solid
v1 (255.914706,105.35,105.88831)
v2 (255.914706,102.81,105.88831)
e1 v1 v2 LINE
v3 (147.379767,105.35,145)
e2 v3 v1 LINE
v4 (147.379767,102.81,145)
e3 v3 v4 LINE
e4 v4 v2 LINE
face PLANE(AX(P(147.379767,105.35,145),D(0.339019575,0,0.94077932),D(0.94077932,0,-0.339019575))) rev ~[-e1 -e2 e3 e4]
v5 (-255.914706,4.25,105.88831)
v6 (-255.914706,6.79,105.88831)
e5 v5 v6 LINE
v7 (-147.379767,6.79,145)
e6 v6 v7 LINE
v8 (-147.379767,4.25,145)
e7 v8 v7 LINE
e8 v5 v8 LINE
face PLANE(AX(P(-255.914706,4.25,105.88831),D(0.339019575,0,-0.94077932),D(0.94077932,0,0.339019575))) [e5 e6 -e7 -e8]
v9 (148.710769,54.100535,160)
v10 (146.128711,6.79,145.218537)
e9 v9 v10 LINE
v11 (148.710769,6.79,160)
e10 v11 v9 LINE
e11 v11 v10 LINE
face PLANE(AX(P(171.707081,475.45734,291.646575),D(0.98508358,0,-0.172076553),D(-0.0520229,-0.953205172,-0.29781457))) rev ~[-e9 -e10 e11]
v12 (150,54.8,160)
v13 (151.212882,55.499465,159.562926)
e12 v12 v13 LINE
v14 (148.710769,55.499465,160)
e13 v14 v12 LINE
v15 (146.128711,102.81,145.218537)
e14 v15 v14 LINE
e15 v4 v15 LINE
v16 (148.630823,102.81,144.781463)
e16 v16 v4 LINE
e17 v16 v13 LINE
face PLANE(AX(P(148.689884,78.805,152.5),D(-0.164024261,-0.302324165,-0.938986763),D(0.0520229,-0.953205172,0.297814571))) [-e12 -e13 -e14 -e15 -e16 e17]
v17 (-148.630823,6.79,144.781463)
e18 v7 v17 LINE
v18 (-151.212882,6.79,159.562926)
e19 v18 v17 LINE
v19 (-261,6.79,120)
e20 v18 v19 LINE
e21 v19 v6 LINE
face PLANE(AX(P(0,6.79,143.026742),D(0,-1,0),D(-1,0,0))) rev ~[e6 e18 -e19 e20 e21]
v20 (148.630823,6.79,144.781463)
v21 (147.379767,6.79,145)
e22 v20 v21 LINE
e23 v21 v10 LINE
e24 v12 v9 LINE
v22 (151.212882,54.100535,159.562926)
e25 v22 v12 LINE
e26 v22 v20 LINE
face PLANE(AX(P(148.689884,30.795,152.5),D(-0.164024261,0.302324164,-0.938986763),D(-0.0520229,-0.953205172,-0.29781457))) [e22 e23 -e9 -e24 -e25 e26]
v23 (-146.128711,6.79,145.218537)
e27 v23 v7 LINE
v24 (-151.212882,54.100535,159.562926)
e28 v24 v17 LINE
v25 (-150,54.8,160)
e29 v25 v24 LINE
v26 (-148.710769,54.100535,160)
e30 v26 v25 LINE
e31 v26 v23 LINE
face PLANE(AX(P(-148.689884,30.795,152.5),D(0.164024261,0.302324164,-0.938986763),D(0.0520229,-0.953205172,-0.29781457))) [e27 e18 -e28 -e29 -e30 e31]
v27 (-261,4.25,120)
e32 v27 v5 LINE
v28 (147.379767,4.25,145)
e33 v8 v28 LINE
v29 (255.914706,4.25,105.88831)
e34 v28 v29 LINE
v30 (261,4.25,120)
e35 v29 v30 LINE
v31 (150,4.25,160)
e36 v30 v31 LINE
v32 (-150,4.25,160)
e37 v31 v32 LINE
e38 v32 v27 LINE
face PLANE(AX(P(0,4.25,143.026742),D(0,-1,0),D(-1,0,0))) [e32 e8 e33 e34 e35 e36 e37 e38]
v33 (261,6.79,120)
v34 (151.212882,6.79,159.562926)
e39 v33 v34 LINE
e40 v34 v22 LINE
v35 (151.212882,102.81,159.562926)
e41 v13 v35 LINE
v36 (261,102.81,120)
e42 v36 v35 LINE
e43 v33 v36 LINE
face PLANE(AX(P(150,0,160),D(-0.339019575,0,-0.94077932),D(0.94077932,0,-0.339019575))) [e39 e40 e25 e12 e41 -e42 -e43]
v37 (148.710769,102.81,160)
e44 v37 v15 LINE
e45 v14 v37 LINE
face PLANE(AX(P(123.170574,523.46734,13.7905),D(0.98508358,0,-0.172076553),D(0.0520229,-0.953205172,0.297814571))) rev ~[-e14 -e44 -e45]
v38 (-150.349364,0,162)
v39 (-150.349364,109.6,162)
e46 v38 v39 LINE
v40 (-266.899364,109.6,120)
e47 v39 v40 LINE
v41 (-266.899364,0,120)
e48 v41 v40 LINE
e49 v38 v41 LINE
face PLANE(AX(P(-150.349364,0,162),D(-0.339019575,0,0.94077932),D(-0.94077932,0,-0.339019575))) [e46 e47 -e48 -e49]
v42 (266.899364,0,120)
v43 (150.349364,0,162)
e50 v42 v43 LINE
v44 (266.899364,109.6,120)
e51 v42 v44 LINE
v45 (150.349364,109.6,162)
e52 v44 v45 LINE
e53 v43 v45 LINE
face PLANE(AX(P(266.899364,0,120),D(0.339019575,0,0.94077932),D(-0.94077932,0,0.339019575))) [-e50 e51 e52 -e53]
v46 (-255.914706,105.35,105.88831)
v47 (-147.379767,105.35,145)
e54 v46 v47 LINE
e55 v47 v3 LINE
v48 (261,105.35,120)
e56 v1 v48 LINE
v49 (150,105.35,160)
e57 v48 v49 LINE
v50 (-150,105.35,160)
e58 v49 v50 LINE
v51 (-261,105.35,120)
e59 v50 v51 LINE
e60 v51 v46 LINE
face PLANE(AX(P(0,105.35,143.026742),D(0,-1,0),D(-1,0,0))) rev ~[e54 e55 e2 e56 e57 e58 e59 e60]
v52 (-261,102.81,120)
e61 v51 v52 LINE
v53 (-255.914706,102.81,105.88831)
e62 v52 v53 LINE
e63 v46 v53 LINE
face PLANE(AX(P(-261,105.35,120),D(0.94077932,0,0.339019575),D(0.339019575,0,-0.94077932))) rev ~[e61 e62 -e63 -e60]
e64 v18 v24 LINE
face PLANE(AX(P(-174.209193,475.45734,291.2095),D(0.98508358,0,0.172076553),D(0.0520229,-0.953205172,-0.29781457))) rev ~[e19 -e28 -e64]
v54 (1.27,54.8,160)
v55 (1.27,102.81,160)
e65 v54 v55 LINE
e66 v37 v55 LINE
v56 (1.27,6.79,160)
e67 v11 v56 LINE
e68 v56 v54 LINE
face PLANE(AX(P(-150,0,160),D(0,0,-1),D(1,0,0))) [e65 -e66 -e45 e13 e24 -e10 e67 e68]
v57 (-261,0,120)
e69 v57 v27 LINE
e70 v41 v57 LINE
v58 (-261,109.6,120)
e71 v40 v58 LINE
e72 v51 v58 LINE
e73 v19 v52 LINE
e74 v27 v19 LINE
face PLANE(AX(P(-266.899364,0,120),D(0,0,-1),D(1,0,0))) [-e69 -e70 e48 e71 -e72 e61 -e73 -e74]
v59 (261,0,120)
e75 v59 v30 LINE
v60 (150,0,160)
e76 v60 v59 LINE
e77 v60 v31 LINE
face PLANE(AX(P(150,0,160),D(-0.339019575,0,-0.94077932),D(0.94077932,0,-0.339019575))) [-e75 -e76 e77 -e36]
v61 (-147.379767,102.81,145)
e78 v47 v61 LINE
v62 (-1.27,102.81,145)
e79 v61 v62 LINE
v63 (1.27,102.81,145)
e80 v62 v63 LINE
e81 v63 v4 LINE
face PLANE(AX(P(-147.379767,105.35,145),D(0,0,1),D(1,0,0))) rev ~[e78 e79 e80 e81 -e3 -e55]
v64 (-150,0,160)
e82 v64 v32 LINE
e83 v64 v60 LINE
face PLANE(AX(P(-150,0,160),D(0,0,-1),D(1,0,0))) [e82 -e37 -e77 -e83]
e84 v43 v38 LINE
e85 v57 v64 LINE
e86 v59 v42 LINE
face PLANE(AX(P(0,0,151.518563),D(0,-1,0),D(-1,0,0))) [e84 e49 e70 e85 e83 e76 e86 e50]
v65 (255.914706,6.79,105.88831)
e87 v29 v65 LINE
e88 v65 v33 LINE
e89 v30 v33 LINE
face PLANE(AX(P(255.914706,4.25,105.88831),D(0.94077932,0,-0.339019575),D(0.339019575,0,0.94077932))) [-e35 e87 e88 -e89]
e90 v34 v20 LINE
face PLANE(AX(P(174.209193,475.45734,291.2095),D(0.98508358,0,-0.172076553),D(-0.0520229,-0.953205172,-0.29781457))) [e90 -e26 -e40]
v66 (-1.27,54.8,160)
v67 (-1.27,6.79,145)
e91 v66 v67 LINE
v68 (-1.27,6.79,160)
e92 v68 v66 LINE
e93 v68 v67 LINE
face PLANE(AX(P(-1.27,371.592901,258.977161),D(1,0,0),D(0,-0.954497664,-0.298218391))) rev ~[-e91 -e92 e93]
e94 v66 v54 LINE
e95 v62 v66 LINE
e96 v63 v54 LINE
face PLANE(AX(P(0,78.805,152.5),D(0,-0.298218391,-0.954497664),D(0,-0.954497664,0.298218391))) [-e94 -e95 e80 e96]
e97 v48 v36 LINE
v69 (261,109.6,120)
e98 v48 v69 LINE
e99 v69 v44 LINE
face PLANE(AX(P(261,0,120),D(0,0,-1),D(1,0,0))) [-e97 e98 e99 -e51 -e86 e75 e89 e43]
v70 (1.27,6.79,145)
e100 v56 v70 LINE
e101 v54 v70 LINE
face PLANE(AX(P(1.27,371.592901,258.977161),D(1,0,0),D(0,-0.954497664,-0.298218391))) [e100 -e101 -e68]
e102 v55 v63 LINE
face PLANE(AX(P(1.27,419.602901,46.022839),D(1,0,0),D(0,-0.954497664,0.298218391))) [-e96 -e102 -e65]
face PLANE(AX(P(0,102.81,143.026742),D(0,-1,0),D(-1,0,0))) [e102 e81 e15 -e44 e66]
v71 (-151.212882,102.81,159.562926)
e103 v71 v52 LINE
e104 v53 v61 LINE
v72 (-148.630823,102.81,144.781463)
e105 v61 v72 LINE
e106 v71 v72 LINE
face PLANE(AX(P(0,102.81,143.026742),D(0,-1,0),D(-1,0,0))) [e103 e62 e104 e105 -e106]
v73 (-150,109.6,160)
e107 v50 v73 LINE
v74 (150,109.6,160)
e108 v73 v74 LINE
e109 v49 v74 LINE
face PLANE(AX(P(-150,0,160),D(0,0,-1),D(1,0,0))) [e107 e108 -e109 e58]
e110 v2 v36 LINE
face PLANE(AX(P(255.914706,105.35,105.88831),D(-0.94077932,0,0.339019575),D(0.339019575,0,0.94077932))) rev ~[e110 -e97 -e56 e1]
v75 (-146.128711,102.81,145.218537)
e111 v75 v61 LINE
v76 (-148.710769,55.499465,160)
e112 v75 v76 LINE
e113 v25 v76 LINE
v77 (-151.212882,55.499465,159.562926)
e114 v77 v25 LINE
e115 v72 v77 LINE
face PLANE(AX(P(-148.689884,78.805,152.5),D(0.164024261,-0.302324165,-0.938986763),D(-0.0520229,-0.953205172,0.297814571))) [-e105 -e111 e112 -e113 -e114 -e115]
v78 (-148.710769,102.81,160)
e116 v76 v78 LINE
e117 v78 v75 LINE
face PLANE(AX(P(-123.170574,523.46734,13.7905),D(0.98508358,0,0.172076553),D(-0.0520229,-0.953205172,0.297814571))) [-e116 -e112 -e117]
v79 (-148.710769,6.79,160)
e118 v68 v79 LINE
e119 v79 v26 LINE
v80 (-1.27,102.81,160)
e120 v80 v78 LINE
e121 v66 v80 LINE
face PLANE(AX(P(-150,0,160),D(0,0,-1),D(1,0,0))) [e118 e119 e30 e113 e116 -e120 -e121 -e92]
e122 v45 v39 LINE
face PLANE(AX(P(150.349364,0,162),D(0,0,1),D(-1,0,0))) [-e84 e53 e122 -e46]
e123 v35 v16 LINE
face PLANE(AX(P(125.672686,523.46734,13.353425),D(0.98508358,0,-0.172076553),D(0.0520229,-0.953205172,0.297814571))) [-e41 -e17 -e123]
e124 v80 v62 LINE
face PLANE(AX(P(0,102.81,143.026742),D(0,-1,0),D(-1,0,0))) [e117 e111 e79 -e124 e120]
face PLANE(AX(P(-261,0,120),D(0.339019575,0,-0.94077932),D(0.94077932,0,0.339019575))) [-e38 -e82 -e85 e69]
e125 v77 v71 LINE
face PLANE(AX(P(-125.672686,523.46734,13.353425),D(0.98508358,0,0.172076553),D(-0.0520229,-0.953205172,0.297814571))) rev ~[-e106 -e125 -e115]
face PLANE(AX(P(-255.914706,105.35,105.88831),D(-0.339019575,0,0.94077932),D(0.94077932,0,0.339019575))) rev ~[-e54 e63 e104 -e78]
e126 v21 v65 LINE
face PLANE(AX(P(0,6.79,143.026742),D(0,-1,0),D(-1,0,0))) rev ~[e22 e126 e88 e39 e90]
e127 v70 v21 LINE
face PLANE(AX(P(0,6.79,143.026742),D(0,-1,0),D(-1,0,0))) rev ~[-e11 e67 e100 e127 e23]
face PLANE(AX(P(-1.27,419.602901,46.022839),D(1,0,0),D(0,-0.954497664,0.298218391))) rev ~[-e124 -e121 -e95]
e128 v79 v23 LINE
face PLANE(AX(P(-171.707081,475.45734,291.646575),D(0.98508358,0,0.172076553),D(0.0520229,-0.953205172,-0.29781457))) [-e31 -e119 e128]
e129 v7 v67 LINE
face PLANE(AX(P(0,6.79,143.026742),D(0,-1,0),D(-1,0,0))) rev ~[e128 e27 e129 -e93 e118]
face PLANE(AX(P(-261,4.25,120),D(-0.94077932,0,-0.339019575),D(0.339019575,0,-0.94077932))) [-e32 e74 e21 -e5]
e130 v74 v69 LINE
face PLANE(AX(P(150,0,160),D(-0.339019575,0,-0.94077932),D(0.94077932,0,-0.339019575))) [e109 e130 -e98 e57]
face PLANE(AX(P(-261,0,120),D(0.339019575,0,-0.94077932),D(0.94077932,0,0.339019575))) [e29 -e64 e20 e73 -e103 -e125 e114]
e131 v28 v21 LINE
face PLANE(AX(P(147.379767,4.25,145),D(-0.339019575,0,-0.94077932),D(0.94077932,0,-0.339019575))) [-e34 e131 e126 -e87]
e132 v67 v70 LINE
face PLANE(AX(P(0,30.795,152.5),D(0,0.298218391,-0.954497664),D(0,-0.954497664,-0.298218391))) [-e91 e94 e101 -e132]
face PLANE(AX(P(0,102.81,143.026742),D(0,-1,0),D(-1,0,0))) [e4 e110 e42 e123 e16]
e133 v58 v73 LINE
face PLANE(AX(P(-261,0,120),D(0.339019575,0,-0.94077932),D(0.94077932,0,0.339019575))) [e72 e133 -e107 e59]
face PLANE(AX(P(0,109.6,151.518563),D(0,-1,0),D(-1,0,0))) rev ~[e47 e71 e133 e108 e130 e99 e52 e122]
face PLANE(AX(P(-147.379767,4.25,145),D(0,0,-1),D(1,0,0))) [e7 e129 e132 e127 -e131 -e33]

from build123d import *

# Parameters (mm, degrees)
BOSS_EXTRUDE1_DEPTH = 109.600000002
BOSS_EXTRUDE2_DEPTH = 2.54
BOSS_EXTRUDE3_DEPTH = 2.54
RIB2_REACH          = 442.308
SKETCH5_WALL_W      = 932.98348183
SKETCH5_WALL_H      = 2.54
RIB3_REACH          = 442.308
SKETCH6_WALL_W      = 932.983481822
SKETCH6_WALL_H      = 2.54
RIB4_REACH          = 442.308
SKETCH7_WALL_W      = 932.98348183
SKETCH7_WALL_H      = 2.54
RIB5_REACH          = 442.308
SKETCH8_WALL_W      = 932.983481822
SKETCH8_WALL_H      = 2.54
RIB6_REACH          = 332.895
SKETCH13_WALL_W     = 714.088496324
SKETCH13_WALL_H     = 2.54
RIB7_REACH          = 332.895
SKETCH14_WALL_W     = 714.088496324
SKETCH14_WALL_H     = 2.54


with BuildPart() as part:
    # Sketch1 → Boss-Extrude1 (new body)
    with BuildSketch(Plane(origin=(0, 0, 0), x_dir=(1, 0, 0), z_dir=(0, 1, 0))):
        Polygon((-261, -120), (-150, -160), (150, -160), (261, -120), (266.899364373, -120), (150.349364373, -162), (-150.349364373, -162), (-266.899364373, -120), align=None)
    extrude(amount=BOSS_EXTRUDE1_DEPTH)

    # Sketch2 → Boss-Extrude2 (add)
    with BuildSketch(Plane(origin=(0, 4.249999882, 0), x_dir=(1, 0, 0), z_dir=(0, 1, 0))):
        Polygon((147.379767211, -145.000000028), (255.91470639, -105.888310234), (261, -120), (150, -160), (-150, -160), (-261, -120), (-255.91470639, -105.888310234), (-147.379767211, -145.000000028), align=None)
    extrude(amount=BOSS_EXTRUDE2_DEPTH)

    # Sketch4 → Boss-Extrude3 (add)
    with BuildSketch(Plane(origin=(0, 105.35000012, 0), x_dir=(1, 0, 0), z_dir=(0, 1, 0))):
        Polygon((-255.914706381, -105.888310207), (-147.379767206, -145), (147.379767206, -145), (255.914706381, -105.888310207), (261, -120), (150, -160), (-150, -160), (-261, -120), align=None)
    extrude(amount=-BOSS_EXTRUDE3_DEPTH)

    # Sketch5 wall → Rib2 (add, up to next)
    with BuildSketch(Plane(origin=(-148.689883603, 78.80500006, 152.5), x_dir=(-0.052022900314, -0.953205171679, 0.297814570709), z_dir=(0.164024260653, -0.302324164902, -0.938986763077)), mode=Mode.PRIVATE) as rib2_sk1:
        Rectangle(SKETCH5_WALL_W, SKETCH5_WALL_H)
    rib2_tool1 = extrude(rib2_sk1.sketch, amount=-RIB2_REACH, mode=Mode.PRIVATE) - part.part
    add(rib2_tool1.solids().sort_by_distance((-148.689883603, 78.80500006, 152.5))[0])

    # Sketch6 wall → Rib3 (add, up to next)
    with BuildSketch(Plane(origin=(-148.689883606, 30.794999942, 152.500000014), x_dir=(0.052022900223, -0.953205171842, -0.297814570204), z_dir=(0.164024260681, 0.302324164389, -0.938986763237)), mode=Mode.PRIVATE) as rib3_sk1:
        Rectangle(SKETCH6_WALL_W, SKETCH6_WALL_H)
    rib3_tool1 = extrude(rib3_sk1.sketch, amount=-RIB3_REACH, mode=Mode.PRIVATE) - part.part
    add(rib3_tool1.solids().sort_by_distance((-148.689883606, 30.794999942, 152.500000014))[0])

    # Sketch7 wall → Rib4 (add, up to next)
    with BuildSketch(Plane(origin=(148.689883603, 78.80500006, 152.5), x_dir=(0.052022900314, -0.953205171679, 0.297814570709), z_dir=(-0.164024260653, -0.302324164902, -0.938986763077)), mode=Mode.PRIVATE) as rib4_sk1:
        Rectangle(SKETCH7_WALL_W, SKETCH7_WALL_H)
    rib4_tool1 = extrude(rib4_sk1.sketch, amount=-RIB4_REACH, mode=Mode.PRIVATE) - part.part
    add(rib4_tool1.solids().sort_by_distance((148.689883603, 78.80500006, 152.5))[0])

    # Sketch8 wall → Rib5 (add, up to next)
    with BuildSketch(Plane(origin=(148.689883606, 30.794999942, 152.500000014), x_dir=(-0.052022900223, -0.953205171842, -0.297814570204), z_dir=(-0.164024260681, 0.302324164389, -0.938986763237)), mode=Mode.PRIVATE) as rib5_sk1:
        Rectangle(SKETCH8_WALL_W, SKETCH8_WALL_H)
    rib5_tool1 = extrude(rib5_sk1.sketch, amount=-RIB5_REACH, mode=Mode.PRIVATE) - part.part
    add(rib5_tool1.solids().sort_by_distance((148.689883606, 30.794999942, 152.500000014))[0])

    # Sketch13 wall → Rib6 (add, up to next)
    with BuildSketch(Plane(origin=(0, 78.80500006, 152.5), x_dir=(0, -0.954497664491, 0.298218390583), z_dir=(0, -0.298218390583, -0.954497664491)), mode=Mode.PRIVATE) as rib6_sk1:
        Rectangle(SKETCH13_WALL_W, SKETCH13_WALL_H)
    rib6_tool1 = extrude(rib6_sk1.sketch, amount=-RIB6_REACH, mode=Mode.PRIVATE) - part.part
    add(rib6_tool1.solids().sort_by_distance((0, 78.80500006, 152.5))[0])

    # Sketch14 wall → Rib7 (add, up to next)
    with BuildSketch(Plane(origin=(0, 30.794999942, 152.5), x_dir=(0, -0.954497664491, -0.298218390583), z_dir=(0, 0.298218390583, -0.954497664491)), mode=Mode.PRIVATE) as rib7_sk1:
        Rectangle(SKETCH14_WALL_W, SKETCH14_WALL_H)
    rib7_tool1 = extrude(rib7_sk1.sketch, amount=-RIB7_REACH, mode=Mode.PRIVATE) - part.part
    add(rib7_tool1.solids().sort_by_distance((0, 30.794999942, 152.5))[0])


solid = part.part
